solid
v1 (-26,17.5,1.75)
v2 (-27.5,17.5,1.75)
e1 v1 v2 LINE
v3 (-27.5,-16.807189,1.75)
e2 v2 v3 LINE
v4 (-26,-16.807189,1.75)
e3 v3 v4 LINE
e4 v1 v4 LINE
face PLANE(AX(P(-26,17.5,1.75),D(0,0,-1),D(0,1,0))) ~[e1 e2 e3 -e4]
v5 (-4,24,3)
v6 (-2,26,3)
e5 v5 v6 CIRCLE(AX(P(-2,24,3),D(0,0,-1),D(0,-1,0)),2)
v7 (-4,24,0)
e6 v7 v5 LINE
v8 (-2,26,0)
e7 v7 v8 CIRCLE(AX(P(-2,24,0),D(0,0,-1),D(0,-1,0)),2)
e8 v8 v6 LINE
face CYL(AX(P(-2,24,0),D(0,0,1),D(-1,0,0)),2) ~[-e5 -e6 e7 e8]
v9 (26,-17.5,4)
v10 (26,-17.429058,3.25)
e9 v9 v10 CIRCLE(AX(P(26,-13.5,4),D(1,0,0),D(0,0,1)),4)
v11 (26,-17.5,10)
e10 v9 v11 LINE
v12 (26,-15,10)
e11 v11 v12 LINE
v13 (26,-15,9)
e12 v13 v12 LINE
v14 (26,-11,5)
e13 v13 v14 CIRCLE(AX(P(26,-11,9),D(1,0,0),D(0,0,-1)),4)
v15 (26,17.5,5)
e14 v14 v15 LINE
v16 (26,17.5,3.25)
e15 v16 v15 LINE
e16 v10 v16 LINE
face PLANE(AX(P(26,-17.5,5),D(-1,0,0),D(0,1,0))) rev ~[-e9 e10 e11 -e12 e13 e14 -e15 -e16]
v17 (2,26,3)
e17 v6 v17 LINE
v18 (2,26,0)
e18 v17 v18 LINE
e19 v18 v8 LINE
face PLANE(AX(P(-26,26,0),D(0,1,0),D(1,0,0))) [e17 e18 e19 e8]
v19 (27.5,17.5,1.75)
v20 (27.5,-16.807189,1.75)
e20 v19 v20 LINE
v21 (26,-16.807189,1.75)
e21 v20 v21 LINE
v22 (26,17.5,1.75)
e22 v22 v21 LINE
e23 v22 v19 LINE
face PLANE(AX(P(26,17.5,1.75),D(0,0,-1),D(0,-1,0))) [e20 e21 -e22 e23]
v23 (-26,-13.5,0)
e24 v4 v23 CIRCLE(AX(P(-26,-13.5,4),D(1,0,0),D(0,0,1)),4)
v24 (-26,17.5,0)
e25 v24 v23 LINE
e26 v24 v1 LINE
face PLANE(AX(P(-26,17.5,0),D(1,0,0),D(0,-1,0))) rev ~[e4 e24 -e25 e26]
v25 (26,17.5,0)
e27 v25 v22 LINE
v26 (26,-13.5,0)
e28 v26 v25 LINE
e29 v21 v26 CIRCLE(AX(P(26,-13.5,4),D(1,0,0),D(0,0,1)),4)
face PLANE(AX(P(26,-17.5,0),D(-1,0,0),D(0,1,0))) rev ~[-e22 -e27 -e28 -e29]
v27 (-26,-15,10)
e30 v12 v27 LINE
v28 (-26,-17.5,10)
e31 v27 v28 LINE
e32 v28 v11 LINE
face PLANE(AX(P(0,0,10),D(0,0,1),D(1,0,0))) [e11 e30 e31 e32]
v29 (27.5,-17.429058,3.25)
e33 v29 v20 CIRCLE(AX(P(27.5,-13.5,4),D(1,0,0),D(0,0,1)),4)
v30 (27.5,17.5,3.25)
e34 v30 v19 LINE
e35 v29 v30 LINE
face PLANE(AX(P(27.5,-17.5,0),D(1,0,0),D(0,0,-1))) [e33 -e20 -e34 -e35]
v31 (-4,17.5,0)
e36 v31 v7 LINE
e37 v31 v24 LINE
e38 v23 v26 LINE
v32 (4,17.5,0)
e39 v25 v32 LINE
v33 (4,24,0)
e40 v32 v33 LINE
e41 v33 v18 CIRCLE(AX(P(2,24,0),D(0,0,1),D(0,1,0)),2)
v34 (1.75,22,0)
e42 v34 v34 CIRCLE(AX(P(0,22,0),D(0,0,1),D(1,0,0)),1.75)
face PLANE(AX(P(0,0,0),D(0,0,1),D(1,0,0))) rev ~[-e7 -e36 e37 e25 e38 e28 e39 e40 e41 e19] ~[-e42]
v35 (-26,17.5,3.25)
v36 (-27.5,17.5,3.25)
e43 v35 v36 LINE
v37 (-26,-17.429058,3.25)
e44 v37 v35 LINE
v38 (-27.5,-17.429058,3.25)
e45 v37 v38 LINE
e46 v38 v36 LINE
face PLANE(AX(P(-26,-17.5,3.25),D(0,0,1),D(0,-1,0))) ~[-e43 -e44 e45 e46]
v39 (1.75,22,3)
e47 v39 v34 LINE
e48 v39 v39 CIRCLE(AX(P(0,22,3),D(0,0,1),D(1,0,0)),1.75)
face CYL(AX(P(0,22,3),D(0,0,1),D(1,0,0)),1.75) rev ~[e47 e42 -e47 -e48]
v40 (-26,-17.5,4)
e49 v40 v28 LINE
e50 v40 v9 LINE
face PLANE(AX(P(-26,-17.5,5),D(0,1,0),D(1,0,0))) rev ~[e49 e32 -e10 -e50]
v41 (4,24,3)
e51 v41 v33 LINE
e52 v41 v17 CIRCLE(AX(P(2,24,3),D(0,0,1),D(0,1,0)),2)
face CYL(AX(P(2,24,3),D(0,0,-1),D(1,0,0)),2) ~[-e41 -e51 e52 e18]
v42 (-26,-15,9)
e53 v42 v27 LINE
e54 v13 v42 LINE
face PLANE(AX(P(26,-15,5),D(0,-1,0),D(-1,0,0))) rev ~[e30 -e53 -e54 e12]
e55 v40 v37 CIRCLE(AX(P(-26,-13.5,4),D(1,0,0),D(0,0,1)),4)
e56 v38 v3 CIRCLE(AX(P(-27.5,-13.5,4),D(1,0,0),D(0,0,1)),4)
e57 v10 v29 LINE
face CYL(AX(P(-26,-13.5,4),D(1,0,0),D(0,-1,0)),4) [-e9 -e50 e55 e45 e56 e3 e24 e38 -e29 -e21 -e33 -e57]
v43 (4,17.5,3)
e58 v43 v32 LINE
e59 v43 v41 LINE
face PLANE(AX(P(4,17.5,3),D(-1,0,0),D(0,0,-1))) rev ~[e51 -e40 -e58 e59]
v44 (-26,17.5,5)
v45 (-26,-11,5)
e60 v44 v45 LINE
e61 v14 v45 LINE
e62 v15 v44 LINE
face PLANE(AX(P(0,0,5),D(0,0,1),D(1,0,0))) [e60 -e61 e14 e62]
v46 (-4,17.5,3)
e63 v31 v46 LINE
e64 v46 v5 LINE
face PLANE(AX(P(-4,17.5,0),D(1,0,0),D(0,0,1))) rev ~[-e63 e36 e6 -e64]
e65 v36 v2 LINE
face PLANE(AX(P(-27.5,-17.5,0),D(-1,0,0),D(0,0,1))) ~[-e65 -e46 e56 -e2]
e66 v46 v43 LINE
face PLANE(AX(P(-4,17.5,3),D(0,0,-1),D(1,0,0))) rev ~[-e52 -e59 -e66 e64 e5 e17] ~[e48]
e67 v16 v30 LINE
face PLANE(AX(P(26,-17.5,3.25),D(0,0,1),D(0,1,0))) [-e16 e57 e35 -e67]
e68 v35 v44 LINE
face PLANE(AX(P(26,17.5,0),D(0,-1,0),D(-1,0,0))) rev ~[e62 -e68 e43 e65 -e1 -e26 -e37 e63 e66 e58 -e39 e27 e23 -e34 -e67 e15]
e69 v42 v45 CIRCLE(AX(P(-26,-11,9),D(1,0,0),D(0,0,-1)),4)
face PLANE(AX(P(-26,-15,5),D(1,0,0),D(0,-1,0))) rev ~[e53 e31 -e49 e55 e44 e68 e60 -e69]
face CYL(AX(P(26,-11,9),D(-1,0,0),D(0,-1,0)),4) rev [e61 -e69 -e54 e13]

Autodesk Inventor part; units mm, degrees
ref_plane "YZ Plane" through (0, 0, 0) normal (1, 0, 0) x (0, 1, 0)
ref_plane "XZ Plane" through (0, 0, 0) normal (0, 1, 0) x (-1, 0, 0)
ref_plane "XY Plane" through (0, 0, 0) normal (0, 0, 1) x (1, 0, 0)
sketch "Esquisse2" plane through (0, 0, 0) normal (0, 0, 1) x (1, 0, 0)
  line L0 (-26, -17.5) -> (26, -17.5)
  line L1 (26, -17.5) -> (26, 17.5)
  line L2 (26, 17.5) -> (-26, 17.5)
  line L3 (-26, 17.5) -> (-26, -17.5)
  line L4 (-26, -17.5) -> (26, 17.5) construction
  line L5 (26, -17.5) -> (-26, 17.5) construction
  point P0 (0, 0)
  dimension "d0" = 52
  dimension "d1" = 35
extrude "Extrusion1" add sketch "Esquisse2" along normal blind 5
sketch "Esquisse3" plane through (26, -17.5, 0) normal (1, 0, 0) x (0, 0, -1)
  line L0 (0, 0) -> (0, 35) construction
  line L1 (0, 35) -> (-5, 35) construction
  line L2 (-5, 0) -> (-5, 35) construction
  line L3 (0, 0) -> (-5, 0) construction
  line L4 (0, 17.5) -> (-2.5, 17.5) construction
  line L5 (-1.75, 0) -> (-3.25, 0)
  line L6 (-3.25, 0) -> (-3.25, 35)
  line L7 (-3.25, 35) -> (-1.75, 35)
  line L8 (-1.75, 35) -> (-1.75, 0)
  line L9 (-1.75, 0) -> (-3.25, 35) construction
  line L10 (-3.25, 0) -> (-1.75, 35) construction
  dimension "d4" = 2.5
  dimension "d5" = 1.5
extrude "Extrusion2" add sketch "Esquisse3" along normal blind 1.5
mirror "Symétrie1" about plane through (0, 0, 0) normal (1, 0, 0) of "Extrusion2"
sketch "Esquisse4" plane through (0, 0, 5) normal (0, 0, 1) x (1, 0, 0)
  line L0 (-26, 17.5) -> (-26, -17.5) construction
  line L1 (-26, -17.5) -> (26, -17.5) construction
  line L2 (26, -17.5) -> (26, 17.5) construction
  line L3 (26, 17.5) -> (-26, 17.5) construction
  line L4 (-26, -17.5) -> (26, -17.5)
  line L5 (26, -17.5) -> (26, -15)
  line L6 (26, -15) -> (-26, -15)
  line L7 (-26, -15) -> (-26, -17.5)
  point P0 (0, 0)
  dimension "d8" = 2.5
extrude "Extrusion3" add sketch "Esquisse4" along normal blind 5
sketch "Esquisse5" plane through (-26, 17.5, 0) normal (0, 1, 0) x (1, 0, 0)
  line L0 (52, 0) -> (0, 0) construction
  line L1 (0, 0) -> (0, -1.75) construction
  line L2 (0, -1.75) -> (-1.5, -1.75) construction
  line L3 (-1.5, -1.75) -> (-1.5, -3.25) construction
  line L4 (0, -3.25) -> (-1.5, -3.25) construction
  line L5 (0, -3.25) -> (0, -5) construction
  line L6 (52, -5) -> (0, -5) construction
  line L7 (52, -3.25) -> (52, -5) construction
  line L8 (52, -3.25) -> (53.5, -3.25) construction
  line L9 (53.5, -1.75) -> (53.5, -3.25) construction
  line L10 (52, -1.75) -> (53.5, -1.75) construction
  line L11 (52, 0) -> (52, -1.75) construction
  line L12 (26, 2) -> (26, -12) construction
  line L13 (-12.5, 0) -> (64.5, 0) construction
  line L14 (26, 0) -> (30, 0) construction
  line L15 (30, 0) -> (22, 0)
  line L16 (22, 0) -> (22, -3)
  line L17 (22, -3) -> (30, -3)
  line L18 (30, -3) -> (30, 0)
  dimension "d11" = 4
  dimension "d12" = 8
  dimension "d13" = 3
extrude "Extrusion4" add sketch "Esquisse5" along normal blind 8.5
fillet "Congé1" radius 2 2 edges at (4, 26, 1.5) (-4, 26, 1.5)
fillet "Congé1" radius 4 2 edges at (0, -17.5, 0) (0, -15, 5)
sketch "Esquisse6" plane through (-4, 17.5, 3) normal (0, 0, 1) x (1, 0, 0)
  line L0 (30, -28.5) -> (-22, -28.5) construction
  line L1 (30, -28.5) -> (30, 0) construction
  line L2 (30, 0) -> (-22, 0) construction
  line L3 (-22, 0) -> (-22, -28.5) construction
  arc A0 (2, 8.5) -> (0, 6.5) centre (2, 6.5) ccw construction
  line L4 (0, 0) -> (0, 6.5) construction
  line L5 (8, 0) -> (0, 0) construction
  line L6 (8, 0) -> (8, 6.5) construction
  arc A1 (8, 6.5) -> (6, 8.5) centre (6, 6.5) ccw construction
  line L7 (2, 8.5) -> (6, 8.5) construction
  line L8 (4, 0) -> (4, 4.5) construction
  circle A2 centre (4, 4.5) radius 1.75
  point P0 (4, -17.5)
  dimension "d18" = 4.5
  dimension "d19" = 3.5
extrude "Extrusion5" cut sketch "Esquisse6" against normal through all
properties part number "_Impression 3D"
